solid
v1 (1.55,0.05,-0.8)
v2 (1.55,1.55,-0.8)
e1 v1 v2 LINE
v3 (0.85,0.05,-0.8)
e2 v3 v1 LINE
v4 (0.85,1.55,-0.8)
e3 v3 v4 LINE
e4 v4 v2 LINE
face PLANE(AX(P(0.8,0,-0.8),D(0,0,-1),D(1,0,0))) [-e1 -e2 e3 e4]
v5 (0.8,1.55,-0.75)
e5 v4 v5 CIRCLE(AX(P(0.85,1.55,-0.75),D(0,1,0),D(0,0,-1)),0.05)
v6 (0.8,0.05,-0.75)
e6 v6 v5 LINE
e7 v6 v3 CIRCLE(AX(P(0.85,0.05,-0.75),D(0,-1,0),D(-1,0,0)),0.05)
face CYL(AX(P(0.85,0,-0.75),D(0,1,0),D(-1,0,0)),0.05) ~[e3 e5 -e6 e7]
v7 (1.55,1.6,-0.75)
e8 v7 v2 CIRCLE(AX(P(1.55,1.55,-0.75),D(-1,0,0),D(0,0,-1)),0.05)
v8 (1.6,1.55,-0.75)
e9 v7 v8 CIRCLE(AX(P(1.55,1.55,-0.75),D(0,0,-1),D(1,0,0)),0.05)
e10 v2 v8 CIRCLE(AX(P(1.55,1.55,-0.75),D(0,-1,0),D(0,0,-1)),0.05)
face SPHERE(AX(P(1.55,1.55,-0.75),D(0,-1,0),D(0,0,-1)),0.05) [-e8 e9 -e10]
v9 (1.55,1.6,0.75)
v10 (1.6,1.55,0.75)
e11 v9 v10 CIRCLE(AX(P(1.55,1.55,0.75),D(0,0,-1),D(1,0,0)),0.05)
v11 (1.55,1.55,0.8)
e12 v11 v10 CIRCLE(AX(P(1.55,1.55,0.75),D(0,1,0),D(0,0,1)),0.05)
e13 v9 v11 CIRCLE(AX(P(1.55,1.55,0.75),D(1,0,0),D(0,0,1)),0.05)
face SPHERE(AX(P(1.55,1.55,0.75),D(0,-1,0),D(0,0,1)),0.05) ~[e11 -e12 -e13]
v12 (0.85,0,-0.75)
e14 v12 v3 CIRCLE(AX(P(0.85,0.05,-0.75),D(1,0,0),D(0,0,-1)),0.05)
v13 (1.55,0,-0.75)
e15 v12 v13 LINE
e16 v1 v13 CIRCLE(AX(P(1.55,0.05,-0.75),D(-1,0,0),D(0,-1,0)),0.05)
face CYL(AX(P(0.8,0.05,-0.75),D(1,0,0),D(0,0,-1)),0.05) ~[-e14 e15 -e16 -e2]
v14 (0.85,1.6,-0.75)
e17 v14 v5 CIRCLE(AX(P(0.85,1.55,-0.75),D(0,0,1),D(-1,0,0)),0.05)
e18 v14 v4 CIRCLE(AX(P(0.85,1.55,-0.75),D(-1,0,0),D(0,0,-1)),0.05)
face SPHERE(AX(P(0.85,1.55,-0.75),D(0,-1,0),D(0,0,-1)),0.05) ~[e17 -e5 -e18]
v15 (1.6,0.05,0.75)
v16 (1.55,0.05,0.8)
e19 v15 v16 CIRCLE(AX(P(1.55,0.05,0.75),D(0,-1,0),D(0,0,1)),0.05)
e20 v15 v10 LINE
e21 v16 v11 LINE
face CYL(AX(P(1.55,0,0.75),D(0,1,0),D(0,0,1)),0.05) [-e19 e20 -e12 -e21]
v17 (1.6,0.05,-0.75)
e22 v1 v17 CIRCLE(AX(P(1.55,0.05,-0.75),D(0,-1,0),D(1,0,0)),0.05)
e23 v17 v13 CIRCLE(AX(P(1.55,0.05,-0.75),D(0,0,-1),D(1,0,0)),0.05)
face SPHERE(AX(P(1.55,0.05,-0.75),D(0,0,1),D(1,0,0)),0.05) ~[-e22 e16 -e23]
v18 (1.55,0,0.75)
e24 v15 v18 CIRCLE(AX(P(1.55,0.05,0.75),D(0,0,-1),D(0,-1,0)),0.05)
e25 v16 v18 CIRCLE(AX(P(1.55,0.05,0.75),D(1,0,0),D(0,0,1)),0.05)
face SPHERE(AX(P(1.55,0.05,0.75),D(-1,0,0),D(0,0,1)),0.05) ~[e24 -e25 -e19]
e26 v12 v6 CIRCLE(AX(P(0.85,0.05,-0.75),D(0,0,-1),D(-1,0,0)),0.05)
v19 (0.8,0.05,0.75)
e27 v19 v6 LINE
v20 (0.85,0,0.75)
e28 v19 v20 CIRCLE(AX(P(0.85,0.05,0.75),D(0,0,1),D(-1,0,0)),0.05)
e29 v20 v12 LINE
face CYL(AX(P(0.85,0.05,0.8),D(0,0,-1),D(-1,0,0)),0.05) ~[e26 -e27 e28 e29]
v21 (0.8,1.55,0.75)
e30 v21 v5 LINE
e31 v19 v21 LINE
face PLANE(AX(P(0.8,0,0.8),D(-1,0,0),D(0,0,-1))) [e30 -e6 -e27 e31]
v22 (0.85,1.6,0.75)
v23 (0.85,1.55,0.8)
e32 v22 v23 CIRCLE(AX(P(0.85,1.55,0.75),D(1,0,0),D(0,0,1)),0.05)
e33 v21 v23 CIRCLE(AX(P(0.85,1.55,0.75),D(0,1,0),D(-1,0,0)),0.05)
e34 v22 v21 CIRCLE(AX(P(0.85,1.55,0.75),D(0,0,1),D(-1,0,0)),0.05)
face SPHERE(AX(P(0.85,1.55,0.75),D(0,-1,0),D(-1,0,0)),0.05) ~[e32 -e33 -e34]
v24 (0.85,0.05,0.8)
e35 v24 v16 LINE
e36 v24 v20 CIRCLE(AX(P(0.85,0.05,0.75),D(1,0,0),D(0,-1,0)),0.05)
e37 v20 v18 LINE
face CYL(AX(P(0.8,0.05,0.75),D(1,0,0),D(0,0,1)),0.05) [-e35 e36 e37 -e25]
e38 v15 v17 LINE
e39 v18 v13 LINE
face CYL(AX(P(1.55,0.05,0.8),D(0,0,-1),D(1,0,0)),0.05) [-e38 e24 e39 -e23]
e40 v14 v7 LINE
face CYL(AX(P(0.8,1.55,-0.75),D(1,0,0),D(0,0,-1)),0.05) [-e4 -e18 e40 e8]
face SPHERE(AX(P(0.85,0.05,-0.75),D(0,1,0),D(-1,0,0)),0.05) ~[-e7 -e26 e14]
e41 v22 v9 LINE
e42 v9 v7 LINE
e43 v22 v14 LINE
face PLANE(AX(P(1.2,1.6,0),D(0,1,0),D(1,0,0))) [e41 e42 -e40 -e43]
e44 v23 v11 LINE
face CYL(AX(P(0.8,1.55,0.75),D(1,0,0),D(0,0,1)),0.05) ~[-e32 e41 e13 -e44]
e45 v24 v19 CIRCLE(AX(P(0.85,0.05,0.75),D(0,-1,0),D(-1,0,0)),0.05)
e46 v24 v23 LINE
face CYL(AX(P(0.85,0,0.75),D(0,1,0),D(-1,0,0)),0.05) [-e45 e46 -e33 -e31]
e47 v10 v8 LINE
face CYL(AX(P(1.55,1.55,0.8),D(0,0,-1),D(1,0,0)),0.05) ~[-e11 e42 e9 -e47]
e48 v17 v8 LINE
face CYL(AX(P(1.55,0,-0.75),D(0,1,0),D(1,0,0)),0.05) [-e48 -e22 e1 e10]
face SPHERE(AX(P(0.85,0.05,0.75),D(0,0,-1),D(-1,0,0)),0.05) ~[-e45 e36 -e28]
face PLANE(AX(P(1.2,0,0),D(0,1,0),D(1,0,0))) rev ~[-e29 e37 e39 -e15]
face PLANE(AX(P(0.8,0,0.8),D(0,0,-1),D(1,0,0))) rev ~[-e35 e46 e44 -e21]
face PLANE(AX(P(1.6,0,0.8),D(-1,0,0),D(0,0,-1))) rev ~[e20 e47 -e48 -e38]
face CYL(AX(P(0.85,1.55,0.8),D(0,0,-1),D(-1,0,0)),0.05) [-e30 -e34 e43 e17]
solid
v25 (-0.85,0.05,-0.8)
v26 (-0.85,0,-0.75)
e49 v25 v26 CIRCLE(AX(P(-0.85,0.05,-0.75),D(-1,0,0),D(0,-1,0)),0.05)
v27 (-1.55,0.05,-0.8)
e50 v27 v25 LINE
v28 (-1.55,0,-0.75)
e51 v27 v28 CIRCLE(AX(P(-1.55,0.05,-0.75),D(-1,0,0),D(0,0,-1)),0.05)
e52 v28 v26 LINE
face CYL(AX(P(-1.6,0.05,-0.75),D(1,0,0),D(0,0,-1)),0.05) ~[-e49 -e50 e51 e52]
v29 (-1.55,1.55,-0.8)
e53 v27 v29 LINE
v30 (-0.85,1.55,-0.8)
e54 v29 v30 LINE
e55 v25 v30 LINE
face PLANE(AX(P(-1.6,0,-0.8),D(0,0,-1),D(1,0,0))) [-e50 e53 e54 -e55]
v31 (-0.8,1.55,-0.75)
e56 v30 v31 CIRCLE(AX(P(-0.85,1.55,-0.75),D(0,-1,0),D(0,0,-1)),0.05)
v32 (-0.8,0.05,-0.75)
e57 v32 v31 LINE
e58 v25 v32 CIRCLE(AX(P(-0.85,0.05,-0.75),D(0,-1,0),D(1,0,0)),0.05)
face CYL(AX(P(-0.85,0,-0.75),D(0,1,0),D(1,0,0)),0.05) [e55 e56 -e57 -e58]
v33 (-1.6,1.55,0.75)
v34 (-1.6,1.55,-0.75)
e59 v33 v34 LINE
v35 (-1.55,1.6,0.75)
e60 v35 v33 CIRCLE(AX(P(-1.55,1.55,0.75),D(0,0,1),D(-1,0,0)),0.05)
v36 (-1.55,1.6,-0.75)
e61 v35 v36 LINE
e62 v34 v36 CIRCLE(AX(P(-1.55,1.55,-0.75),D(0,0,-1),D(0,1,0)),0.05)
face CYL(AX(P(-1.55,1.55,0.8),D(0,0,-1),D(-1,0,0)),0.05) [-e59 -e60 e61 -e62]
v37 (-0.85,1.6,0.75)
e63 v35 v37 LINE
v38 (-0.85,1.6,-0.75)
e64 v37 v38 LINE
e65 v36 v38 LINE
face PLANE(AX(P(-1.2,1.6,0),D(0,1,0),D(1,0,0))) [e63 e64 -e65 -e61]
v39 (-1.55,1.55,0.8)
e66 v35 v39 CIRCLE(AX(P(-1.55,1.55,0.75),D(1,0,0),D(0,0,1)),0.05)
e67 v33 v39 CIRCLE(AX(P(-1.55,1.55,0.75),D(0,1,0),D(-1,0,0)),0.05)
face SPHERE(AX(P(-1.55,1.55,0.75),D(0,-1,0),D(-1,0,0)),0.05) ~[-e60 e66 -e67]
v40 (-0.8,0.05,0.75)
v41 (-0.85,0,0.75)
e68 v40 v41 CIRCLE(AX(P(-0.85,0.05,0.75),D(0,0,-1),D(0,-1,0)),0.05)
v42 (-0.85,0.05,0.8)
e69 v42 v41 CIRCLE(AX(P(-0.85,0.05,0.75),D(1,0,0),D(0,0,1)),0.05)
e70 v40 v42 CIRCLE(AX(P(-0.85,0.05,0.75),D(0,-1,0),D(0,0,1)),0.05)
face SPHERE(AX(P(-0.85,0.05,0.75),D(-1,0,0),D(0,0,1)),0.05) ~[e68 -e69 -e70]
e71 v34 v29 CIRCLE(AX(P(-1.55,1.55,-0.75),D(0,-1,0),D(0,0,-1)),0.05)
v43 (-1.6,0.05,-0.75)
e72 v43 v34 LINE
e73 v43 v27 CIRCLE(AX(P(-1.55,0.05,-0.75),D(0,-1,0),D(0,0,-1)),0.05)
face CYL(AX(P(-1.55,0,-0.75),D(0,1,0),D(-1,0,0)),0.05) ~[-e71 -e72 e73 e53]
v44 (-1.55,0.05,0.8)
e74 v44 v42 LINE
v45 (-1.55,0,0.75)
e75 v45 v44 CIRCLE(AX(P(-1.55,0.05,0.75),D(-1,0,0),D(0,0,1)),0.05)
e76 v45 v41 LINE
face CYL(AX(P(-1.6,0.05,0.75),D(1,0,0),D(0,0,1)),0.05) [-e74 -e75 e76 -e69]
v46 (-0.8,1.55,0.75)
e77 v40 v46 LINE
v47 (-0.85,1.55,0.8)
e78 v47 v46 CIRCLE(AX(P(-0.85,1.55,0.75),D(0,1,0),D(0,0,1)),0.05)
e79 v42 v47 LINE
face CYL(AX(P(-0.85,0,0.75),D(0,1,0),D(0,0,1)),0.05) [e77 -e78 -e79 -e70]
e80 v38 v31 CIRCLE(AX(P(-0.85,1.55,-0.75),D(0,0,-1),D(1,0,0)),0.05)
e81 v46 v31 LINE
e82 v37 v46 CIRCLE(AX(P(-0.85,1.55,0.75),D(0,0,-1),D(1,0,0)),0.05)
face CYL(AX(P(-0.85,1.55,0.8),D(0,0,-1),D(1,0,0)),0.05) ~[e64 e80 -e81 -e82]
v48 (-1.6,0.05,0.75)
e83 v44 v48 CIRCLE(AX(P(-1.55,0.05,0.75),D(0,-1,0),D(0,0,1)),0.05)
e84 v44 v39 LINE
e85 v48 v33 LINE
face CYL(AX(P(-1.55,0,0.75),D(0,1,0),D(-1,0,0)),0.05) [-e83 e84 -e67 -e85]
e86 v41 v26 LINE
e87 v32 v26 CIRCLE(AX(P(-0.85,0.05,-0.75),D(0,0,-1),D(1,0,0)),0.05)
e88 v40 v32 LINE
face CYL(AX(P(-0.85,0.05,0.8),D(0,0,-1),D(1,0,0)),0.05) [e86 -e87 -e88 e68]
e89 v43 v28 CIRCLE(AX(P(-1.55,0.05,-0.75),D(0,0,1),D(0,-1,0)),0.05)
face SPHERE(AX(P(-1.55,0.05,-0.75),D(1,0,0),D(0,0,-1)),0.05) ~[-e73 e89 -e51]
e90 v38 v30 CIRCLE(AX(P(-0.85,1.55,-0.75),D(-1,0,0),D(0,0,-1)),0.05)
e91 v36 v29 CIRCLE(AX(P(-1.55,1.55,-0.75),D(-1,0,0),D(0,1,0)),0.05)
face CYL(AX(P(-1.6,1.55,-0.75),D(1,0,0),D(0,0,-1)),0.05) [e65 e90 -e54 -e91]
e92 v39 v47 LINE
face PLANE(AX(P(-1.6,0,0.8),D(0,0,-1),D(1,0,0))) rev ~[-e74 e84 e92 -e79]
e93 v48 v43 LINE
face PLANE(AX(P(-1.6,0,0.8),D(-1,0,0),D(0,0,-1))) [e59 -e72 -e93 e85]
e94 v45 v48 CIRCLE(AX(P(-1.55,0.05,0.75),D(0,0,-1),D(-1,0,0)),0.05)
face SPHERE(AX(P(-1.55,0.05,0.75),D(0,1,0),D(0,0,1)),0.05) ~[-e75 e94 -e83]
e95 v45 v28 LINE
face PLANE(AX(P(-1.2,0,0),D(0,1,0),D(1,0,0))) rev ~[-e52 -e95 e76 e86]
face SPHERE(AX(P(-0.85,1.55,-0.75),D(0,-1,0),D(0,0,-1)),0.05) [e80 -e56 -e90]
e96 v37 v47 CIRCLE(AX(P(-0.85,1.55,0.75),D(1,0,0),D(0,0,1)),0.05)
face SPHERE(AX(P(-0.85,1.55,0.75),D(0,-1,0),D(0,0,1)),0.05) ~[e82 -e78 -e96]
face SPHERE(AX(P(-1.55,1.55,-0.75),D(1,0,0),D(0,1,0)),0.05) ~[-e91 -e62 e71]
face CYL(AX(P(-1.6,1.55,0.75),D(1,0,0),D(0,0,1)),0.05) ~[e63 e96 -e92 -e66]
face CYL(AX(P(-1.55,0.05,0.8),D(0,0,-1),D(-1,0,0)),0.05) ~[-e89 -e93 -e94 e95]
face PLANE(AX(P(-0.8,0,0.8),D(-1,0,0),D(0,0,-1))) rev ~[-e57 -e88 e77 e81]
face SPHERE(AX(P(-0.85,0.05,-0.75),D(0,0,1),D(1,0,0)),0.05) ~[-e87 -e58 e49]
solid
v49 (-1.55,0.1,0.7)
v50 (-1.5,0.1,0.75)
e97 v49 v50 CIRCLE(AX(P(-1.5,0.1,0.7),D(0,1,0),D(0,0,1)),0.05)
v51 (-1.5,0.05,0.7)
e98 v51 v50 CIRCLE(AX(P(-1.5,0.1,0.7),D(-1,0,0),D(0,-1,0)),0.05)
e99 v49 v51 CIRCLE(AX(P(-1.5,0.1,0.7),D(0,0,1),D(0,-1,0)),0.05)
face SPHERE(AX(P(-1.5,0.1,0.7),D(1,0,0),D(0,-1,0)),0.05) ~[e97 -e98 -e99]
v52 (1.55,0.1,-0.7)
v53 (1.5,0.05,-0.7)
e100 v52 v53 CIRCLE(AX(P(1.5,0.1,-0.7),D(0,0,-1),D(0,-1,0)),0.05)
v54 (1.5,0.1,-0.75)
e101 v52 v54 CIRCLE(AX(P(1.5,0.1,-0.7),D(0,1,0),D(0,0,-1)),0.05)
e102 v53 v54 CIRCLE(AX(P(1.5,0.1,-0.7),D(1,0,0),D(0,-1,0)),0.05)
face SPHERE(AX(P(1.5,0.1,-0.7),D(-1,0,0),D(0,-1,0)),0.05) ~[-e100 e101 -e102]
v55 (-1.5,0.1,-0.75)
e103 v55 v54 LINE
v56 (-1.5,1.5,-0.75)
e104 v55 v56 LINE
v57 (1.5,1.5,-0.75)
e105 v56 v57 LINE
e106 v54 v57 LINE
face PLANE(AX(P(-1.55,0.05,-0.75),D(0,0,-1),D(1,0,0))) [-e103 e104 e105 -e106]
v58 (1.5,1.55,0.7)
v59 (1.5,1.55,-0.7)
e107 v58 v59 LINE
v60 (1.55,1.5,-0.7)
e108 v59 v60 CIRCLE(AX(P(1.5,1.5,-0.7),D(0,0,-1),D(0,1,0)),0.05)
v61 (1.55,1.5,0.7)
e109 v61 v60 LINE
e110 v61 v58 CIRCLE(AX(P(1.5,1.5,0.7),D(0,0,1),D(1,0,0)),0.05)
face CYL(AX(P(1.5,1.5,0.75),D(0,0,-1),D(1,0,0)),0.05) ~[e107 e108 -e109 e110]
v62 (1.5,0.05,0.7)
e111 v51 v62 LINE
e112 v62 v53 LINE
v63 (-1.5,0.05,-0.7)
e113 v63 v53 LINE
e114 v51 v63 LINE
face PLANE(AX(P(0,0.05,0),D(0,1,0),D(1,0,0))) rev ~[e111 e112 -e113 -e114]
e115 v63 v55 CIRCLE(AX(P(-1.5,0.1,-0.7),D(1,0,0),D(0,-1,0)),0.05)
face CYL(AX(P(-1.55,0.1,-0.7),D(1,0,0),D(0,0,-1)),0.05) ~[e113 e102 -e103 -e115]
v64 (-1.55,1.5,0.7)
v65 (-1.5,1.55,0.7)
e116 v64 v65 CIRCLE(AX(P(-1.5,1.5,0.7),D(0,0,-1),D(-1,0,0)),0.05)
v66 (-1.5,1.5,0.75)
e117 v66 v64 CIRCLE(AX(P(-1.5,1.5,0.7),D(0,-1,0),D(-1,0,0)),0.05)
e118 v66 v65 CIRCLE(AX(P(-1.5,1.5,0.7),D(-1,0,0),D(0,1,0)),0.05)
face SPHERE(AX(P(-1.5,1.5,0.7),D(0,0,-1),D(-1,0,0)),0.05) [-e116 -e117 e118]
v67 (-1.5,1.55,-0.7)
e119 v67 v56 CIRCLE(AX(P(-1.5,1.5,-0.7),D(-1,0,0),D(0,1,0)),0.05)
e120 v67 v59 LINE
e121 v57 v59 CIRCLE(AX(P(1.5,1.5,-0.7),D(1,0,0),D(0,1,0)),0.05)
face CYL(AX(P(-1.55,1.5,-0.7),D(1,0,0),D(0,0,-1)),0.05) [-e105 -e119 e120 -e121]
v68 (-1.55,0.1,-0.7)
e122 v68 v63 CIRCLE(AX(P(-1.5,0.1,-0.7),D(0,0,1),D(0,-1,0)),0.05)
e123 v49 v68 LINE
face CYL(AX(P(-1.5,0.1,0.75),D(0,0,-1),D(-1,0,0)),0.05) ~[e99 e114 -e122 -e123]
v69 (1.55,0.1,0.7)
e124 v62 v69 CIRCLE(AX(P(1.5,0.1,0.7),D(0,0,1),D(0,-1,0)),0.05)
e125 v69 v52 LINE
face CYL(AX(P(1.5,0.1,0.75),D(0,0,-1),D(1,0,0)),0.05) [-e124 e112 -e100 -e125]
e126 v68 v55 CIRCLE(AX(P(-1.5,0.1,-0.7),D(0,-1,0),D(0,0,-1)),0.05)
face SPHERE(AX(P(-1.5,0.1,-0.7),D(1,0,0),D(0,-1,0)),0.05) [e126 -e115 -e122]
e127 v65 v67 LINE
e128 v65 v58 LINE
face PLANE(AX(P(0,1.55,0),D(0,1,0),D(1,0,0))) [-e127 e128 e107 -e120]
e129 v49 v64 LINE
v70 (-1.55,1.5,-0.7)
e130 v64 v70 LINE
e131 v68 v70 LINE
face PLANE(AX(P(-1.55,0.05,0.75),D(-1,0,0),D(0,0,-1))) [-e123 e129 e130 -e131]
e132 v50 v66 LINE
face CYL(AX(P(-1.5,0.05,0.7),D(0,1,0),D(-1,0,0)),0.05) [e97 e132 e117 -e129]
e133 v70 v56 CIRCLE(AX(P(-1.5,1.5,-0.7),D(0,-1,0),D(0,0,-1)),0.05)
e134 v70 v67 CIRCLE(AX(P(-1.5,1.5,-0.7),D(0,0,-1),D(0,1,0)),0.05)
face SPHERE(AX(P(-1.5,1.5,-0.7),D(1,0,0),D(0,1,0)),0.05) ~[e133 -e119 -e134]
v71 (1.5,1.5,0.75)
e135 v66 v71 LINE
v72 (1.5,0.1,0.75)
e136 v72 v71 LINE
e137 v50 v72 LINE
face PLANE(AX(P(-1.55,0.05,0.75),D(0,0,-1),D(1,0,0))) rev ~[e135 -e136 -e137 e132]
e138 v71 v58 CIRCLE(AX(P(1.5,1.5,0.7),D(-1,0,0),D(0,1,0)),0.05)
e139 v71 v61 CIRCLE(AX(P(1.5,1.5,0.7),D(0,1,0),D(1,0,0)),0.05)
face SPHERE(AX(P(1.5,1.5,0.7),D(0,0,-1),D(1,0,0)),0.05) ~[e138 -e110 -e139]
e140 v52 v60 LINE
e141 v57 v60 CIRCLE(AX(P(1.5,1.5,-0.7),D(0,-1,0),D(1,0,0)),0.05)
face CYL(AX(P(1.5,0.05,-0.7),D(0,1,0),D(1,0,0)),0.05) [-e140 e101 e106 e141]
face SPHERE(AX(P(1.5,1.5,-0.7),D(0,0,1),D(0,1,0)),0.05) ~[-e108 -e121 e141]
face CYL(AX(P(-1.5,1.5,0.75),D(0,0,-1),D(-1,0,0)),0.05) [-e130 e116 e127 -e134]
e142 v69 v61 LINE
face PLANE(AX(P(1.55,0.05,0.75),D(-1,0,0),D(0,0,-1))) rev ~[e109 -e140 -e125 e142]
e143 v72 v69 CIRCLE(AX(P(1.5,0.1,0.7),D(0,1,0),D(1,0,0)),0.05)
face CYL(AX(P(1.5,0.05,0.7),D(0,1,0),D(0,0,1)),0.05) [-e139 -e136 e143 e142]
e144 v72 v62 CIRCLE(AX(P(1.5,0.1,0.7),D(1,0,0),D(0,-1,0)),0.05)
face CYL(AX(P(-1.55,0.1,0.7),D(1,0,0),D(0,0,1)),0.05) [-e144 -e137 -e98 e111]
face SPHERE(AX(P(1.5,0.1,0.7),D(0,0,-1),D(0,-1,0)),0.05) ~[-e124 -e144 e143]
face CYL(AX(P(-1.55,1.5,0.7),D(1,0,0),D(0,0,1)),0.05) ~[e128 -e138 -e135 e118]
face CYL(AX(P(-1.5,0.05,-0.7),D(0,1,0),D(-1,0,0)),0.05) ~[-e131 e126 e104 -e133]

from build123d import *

# Parameters (mm, degrees)
SKETCH1_W             = 3.1
SKETCH1_H             = 1.5
BOSS_EXTRUDE1_DEPTH   = 1.5
SKETCH2_W             = 0.8
SKETCH2_H             = 1.6
BOSS_EXTRUDE2_DEPTH   = 1.6
BOSS_EXTRUDE2_2_DEPTH = 1.6
FILLET1_R             = 0.05
FILLET2_R             = 0.05
FILLET3_R             = 0.05


with BuildPart() as part:
    # Sketch1 → Boss-Extrude1 (new body)
    with BuildSketch(Plane(origin=(0, 0.05, 0), x_dir=(1, 0, 0), z_dir=(0, 1, 0))):
        Rectangle(SKETCH1_W, SKETCH1_H)
    extrude(amount=BOSS_EXTRUDE1_DEPTH)

    # Fillet3
    fillet3_edges = [part.edges().sort_by_distance(p)[0] for p in [
        (1.55, 1.55, 0),
        (0, 1.55, -0.75),
        (-1.55, 1.55, 0),
        (0, 0.05, -0.75),
        (1.55, 0.05, 0),
        (0, 0.05, 0.75),
        (-1.55, 0.05, 0),
        (-1.55, 0.8, -0.75),
        (1.55, 0.8, -0.75),
        (1.55, 0.8, 0.75),
        (-1.55, 0.8, 0.75),
        (0, 1.55, 0.75),
    ]]
    fillet(fillet3_edges, radius=FILLET3_R)


with BuildPart() as body_2:
    # Sketch2 → Boss-Extrude2 (new body)
    with BuildSketch(Plane(origin=(0, 0, 0), x_dir=(1, 0, 0), z_dir=(0, 1, 0))):
        with Locations((-1.2, 0)):
            Rectangle(SKETCH2_W, SKETCH2_H)
    extrude(amount=BOSS_EXTRUDE2_DEPTH)

    # Fillet2
    fillet2_edges = [body_2.edges().sort_by_distance(p)[0] for p in [
        (-1.6, 0.8, 0.8),
        (-1.2, 0, 0.8),
        (-0.8, 0.8, 0.8),
        (-0.8, 0, 0),
        (-0.8, 0.8, -0.8),
        (-1.2, 0, -0.8),
        (-1.2, 1.6, -0.8),
        (-1.6, 1.6, 0),
        (-1.2, 1.6, 0.8),
        (-0.8, 1.6, 0),
        (-1.6, 0.8, -0.8),
        (-1.6, 0, 0),
    ]]
    fillet(fillet2_edges, radius=FILLET2_R)


with BuildPart() as body_3:
    # Sketch2 → Boss-Extrude2 2 (new body)
    with BuildSketch(Plane(origin=(0, 0, 0), x_dir=(1, 0, 0), z_dir=(0, 1, 0))):
        with Locations((1.2, 0)):
            Rectangle(SKETCH2_W, SKETCH2_H)
    extrude(amount=BOSS_EXTRUDE2_2_DEPTH)

    # Fillet1
    fillet1_edges = [body_3.edges().sort_by_distance(p)[0] for p in [
        (0.8, 0.8, -0.8),
        (0.8, 0, 0),
        (0.8, 0.8, 0.8),
        (1.2, 0, 0.8),
        (1.6, 0.8, 0.8),
        (1.6, 0, 0),
        (1.6, 0.8, -0.8),
        (1.2, 0, -0.8),
        (1.2, 1.6, -0.8),
        (0.8, 1.6, 0),
        (1.2, 1.6, 0.8),
        (1.6, 1.6, 0),
    ]]
    fillet(fillet1_edges, radius=FILLET1_R)


solid = Compound([part.part, body_2.part, body_3.part])
